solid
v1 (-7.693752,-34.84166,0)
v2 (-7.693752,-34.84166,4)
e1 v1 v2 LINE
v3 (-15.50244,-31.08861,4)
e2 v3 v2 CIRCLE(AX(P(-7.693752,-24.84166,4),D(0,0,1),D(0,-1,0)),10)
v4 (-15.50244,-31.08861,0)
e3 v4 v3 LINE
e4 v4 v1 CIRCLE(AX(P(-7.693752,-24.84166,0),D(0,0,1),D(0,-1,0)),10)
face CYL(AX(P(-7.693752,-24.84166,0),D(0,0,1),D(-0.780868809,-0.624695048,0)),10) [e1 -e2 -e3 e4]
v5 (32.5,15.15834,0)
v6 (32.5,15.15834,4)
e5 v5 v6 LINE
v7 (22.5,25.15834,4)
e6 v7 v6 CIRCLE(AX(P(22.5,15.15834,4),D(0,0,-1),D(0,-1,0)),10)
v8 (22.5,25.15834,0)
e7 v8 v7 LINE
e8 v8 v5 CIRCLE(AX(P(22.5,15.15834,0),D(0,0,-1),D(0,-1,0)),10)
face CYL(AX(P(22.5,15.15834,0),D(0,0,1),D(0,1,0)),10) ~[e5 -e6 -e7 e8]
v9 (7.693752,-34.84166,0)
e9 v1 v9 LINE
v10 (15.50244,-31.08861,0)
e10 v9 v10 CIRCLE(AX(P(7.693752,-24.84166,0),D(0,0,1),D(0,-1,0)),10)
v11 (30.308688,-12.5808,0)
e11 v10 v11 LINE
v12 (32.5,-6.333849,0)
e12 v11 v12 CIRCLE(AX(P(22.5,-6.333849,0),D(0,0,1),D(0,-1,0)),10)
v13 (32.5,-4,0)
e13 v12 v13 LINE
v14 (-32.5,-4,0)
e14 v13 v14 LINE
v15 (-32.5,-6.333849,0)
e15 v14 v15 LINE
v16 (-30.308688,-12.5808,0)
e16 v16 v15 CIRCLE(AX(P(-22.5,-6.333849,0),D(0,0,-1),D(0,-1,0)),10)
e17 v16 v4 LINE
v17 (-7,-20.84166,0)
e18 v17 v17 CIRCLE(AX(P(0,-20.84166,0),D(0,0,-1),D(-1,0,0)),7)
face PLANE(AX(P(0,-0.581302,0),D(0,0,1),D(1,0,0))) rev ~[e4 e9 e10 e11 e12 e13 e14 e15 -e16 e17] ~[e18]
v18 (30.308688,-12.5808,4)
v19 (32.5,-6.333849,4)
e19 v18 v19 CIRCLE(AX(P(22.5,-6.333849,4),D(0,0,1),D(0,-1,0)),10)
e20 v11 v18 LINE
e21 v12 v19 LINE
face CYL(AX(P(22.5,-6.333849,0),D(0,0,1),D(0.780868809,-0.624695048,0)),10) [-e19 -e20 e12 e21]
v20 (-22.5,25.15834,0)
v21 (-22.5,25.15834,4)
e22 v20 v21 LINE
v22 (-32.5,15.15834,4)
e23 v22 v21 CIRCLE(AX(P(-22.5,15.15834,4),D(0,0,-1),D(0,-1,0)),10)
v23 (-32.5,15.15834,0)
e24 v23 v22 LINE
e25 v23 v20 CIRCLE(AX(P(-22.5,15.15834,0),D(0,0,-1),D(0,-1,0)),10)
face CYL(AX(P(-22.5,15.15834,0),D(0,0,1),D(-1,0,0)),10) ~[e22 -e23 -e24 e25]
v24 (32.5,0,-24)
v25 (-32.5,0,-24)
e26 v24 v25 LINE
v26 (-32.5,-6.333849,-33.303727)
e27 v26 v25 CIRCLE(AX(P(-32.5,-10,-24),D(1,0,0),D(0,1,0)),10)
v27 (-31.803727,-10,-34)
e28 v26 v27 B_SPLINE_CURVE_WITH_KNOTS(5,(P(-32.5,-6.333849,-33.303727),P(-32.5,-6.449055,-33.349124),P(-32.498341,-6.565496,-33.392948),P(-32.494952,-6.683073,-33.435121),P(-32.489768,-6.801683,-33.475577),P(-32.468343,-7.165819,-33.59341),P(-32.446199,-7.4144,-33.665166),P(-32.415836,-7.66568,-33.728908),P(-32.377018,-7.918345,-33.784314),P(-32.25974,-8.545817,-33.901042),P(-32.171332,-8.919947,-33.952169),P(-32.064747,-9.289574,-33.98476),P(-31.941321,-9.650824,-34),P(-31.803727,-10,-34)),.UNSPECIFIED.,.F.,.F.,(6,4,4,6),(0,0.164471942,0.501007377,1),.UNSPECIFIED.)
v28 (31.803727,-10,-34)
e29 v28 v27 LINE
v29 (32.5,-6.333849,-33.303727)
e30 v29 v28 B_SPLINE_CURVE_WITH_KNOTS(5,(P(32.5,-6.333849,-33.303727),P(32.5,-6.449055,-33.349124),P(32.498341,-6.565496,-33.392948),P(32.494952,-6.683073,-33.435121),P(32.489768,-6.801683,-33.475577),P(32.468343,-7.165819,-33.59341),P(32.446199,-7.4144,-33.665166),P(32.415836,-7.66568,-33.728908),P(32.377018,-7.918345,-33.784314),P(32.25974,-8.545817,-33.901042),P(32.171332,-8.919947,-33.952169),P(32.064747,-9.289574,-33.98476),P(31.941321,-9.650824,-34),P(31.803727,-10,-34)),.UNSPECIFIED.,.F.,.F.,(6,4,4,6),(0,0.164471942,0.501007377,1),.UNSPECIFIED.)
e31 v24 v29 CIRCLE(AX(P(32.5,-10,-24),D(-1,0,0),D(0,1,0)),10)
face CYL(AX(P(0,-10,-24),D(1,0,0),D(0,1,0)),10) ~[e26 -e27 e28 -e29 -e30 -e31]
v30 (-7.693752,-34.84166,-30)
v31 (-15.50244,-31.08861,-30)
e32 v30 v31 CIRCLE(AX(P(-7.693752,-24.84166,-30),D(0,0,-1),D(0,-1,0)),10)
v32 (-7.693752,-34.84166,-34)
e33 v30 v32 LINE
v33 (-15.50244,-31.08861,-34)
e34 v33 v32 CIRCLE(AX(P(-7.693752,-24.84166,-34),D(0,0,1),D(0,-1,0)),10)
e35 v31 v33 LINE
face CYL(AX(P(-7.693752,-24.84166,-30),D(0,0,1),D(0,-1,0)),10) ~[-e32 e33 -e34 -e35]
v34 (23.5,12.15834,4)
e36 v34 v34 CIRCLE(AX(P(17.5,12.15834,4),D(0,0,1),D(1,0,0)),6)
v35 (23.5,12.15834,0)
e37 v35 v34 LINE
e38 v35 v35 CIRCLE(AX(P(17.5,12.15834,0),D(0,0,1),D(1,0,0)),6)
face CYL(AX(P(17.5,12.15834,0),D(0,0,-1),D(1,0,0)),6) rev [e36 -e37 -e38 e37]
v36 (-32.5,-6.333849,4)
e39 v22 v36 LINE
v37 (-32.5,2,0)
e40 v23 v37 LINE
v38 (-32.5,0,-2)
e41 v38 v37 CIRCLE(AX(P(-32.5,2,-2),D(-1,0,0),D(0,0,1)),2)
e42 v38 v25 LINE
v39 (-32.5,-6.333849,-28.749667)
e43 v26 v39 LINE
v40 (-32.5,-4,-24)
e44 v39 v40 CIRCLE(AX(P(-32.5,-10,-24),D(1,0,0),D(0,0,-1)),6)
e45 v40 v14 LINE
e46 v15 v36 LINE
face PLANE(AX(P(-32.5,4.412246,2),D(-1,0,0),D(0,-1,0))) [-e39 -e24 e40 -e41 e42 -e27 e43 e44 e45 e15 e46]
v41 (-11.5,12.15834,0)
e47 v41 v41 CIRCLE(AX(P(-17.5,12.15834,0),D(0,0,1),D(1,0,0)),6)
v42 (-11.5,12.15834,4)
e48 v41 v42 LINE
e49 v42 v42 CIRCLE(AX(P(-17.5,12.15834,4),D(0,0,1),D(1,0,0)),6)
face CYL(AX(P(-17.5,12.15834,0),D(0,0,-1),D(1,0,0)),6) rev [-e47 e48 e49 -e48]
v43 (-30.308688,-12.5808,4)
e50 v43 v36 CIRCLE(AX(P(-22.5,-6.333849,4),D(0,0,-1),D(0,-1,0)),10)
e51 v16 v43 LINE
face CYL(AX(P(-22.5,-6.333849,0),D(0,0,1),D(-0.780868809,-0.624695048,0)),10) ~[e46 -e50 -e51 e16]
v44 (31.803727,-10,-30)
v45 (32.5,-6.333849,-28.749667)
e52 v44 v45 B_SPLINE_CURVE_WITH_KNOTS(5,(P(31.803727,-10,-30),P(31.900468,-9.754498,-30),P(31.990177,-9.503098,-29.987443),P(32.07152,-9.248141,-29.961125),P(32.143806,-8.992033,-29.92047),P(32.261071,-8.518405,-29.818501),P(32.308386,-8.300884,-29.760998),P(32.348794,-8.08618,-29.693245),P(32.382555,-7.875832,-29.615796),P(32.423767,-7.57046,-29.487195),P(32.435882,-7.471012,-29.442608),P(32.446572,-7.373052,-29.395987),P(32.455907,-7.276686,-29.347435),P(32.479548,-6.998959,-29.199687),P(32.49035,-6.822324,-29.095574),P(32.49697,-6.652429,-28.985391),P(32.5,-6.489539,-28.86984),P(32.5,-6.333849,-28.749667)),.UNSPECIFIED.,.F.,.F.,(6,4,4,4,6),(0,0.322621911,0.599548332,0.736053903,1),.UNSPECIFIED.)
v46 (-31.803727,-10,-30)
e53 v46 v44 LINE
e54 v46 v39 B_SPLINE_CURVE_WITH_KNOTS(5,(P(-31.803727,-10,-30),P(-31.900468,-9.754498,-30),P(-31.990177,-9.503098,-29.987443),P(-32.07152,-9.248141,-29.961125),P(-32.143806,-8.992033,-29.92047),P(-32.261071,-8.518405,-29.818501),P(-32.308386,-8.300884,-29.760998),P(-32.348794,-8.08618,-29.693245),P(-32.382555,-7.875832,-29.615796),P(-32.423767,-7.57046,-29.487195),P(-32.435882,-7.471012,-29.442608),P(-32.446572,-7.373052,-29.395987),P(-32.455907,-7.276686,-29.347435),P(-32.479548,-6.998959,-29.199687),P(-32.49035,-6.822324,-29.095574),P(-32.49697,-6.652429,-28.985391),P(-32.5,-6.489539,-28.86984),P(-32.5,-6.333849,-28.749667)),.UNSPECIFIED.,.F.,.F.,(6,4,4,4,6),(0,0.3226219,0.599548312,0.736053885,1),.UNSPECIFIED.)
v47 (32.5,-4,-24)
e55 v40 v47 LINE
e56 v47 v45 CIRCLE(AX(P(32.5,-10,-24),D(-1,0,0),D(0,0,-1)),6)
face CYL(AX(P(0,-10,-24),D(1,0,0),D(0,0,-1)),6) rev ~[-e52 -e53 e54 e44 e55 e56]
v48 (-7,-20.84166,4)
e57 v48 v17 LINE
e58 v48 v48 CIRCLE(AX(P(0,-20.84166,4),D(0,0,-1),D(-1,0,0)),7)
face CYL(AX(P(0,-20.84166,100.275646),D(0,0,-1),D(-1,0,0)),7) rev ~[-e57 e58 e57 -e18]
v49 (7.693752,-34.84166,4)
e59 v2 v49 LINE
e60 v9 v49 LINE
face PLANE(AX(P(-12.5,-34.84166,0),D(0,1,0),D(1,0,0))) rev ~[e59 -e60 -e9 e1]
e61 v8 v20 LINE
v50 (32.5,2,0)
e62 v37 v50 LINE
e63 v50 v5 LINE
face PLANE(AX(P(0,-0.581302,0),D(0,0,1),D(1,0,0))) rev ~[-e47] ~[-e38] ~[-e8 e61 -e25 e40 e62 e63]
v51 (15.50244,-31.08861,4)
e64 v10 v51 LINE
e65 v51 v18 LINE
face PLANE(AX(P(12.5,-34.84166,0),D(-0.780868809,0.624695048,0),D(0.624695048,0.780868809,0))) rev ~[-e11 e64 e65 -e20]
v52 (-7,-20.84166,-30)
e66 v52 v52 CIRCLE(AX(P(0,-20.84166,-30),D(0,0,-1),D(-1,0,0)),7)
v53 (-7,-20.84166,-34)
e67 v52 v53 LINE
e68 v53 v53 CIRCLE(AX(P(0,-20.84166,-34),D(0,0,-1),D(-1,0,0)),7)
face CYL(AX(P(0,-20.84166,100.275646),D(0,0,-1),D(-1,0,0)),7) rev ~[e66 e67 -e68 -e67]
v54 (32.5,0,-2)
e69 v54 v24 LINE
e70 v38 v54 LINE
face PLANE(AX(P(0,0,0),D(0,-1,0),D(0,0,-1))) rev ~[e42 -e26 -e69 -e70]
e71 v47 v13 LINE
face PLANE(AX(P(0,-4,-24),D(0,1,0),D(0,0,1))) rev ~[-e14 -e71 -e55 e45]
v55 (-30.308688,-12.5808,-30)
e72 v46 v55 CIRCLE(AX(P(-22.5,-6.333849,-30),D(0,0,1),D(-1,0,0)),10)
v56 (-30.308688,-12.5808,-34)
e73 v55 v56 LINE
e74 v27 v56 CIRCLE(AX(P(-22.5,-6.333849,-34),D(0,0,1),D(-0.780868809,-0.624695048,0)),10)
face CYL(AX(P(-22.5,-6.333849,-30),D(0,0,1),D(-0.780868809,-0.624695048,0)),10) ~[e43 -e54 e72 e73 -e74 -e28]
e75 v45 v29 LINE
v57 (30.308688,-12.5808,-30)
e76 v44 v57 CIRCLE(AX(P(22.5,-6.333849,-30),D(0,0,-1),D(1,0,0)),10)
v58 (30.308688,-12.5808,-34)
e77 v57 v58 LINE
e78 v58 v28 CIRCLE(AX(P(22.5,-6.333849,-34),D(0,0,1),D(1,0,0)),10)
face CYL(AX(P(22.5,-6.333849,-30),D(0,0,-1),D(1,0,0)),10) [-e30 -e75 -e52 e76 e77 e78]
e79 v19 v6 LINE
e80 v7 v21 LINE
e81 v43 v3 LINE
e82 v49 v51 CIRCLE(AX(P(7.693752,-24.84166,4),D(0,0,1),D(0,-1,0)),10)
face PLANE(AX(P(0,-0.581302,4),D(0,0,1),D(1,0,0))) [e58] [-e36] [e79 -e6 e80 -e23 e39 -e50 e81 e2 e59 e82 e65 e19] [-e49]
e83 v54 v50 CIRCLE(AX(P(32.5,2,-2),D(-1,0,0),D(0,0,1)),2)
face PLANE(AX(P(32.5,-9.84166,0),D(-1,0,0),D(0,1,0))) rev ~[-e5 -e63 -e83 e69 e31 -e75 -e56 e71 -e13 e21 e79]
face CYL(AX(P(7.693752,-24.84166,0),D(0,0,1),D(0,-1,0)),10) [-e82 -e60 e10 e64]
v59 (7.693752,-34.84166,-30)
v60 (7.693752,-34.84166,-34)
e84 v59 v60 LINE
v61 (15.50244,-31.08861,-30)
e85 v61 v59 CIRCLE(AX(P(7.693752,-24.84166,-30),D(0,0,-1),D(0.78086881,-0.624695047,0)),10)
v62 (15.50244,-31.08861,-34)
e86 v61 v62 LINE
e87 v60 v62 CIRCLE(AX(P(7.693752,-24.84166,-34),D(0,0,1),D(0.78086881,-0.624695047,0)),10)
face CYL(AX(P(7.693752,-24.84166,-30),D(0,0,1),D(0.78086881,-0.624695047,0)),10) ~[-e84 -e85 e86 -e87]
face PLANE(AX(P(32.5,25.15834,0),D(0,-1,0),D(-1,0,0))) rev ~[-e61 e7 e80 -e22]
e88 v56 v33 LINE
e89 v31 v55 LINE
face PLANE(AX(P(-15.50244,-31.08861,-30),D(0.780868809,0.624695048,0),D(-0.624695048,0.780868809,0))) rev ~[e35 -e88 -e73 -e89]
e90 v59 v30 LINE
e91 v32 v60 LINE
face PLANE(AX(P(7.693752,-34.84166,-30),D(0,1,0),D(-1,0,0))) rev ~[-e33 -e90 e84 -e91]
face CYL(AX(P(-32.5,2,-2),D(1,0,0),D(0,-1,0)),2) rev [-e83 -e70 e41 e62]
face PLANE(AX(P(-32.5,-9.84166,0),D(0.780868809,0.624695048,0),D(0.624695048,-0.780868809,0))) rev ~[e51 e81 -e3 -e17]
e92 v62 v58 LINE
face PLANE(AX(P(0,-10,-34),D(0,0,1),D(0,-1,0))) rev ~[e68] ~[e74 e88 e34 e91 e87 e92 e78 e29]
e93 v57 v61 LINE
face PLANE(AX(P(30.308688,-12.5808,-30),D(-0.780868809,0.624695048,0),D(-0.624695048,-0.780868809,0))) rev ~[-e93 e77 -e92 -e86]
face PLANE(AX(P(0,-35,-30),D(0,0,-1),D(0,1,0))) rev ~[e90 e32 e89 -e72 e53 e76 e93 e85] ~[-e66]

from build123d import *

# Parameters (mm, degrees)
ESQUISSE1_R                         = 6
BOSS_EXTRU_1_DEPTH                  = 4
CONG_1_R                            = 10
BOSS_EXTRU_2_REACH                  = 34.5
BOSS_EXTRU_2_DIRECTION_2_REACH      = 34.5
CONG_2_R                            = 2
ENL_V_MAT_EXTRU_1_REACH             = 6
ENL_V_MAT_EXTRU_1_DIRECTION_2_DEPTH = 5
DIAM_TRE_DU_PER_AGE_14_0_14_1_D     = 14


with BuildPart() as part:
    # Esquisse1 → Boss.-Extru.1 (new body)
    with BuildSketch(Plane.XY):
        Polygon((-32.5, -9.841659782), (-12.5, -34.841659782), (12.5, -34.841659782), (32.5, -9.841659782), (32.5, 25.158340218), (-32.5, 25.158340218), align=None)
        with Locations((-17.5, 12.158340218)):
            Circle(ESQUISSE1_R, mode=Mode.SUBTRACT)
        with Locations((17.5, 12.158340218)):
            Circle(ESQUISSE1_R, mode=Mode.SUBTRACT)
    extrude(amount=BOSS_EXTRU_1_DEPTH)

    # Congé1
    cong_1_edges = [part.edges().sort_by_distance(p)[0] for p in [
        (-32.5, 25.158340218, 2),
        (32.5, 25.158340218, 2),
        (32.5, -9.841659782, 2),
        (12.5, -34.841659782, 2),
        (-12.5, -34.841659782, 2),
        (-32.5, -9.841659782, 2),
    ]]
    fillet(cong_1_edges, radius=CONG_1_R)

    # Boss.-Extru.2: up to this face of the body (flat: up to its plane)
    boss_extru_2_end = Plane(part.part.faces().sort_by_distance((32.5, 4.412245514, 2))[0])
    # Esquisse2 → Boss.-Extru.2 (add, up to the picked face)
    with BuildSketch(Plane(origin=(0, 0, 0), x_dir=(0, 0, -1), z_dir=(1, 0, 0)), mode=Mode.PRIVATE) as boss_extru_2_sk1:
        with BuildLine():
            Line((0, 0), (24, 0))
            ThreePointArc((24, 0), (31.071067812, -2.928932188), (34, -10))
            Line((34, -10), (34, -35))
            Line((34, -35), (30, -35))
            Line((30, -35), (30, -10))
            ThreePointArc((30, -10), (28.242640687, -5.757359313), (24, -4))
            Line((24, -4), (0, -4))
            Line((0, -4), (0, 0))
        make_face()
    boss_extru_2_tool1 = split(extrude(boss_extru_2_sk1.sketch, amount=BOSS_EXTRU_2_REACH, mode=Mode.PRIVATE), bisect_by=boss_extru_2_end, keep=Keep.BOTH, mode=Mode.PRIVATE)
    add(boss_extru_2_tool1.solids().sort_by(Axis((0, -0.487955, -12), (1, 0, 0)))[0])

    # Boss.-Extru.2 direction 2: up to this face of the body (flat: up to its plane)
    boss_extru_2_direction_2_end = Plane(part.part.faces().sort_by_distance((-32.5, 4.412245514, 2))[0])
    # Esquisse2 → Boss.-Extru.2 direction 2 (add, up to the picked face)
    with BuildSketch(Plane(origin=(0, 0, 0), x_dir=(0, 0, -1), z_dir=(1, 0, 0)), mode=Mode.PRIVATE) as boss_extru_2_direction_2_sk1:
        with BuildLine():
            Line((0, 0), (24, 0))
            ThreePointArc((24, 0), (31.071067812, -2.928932188), (34, -10))
            Line((34, -10), (34, -35))
            Line((34, -35), (30, -35))
            Line((30, -35), (30, -10))
            ThreePointArc((30, -10), (28.242640687, -5.757359313), (24, -4))
            Line((24, -4), (0, -4))
            Line((0, -4), (0, 0))
        make_face()
    boss_extru_2_direction_2_tool1 = split(extrude(boss_extru_2_direction_2_sk1.sketch, amount=-BOSS_EXTRU_2_DIRECTION_2_REACH, mode=Mode.PRIVATE), bisect_by=boss_extru_2_direction_2_end, keep=Keep.BOTH, mode=Mode.PRIVATE)
    add(boss_extru_2_direction_2_tool1.solids().sort_by(Axis((0, -0.487955, -12), (-1, 0, 0)))[0])

    # Congé2
    cong_2_edges = [part.edges().sort_by_distance(p)[0] for p in [
        (0, 0, 0),
    ]]
    fillet(cong_2_edges, radius=CONG_2_R)

    # Esquisse3 → Enlèv. mat.-Extru.1 (cut, up to next)
    with BuildSketch(Plane.XY.offset(-30), mode=Mode.PRIVATE) as enl_v_mat_extru_1_sk1:
        with BuildLine():
            Line((-32.5, -6.333849189), (-38.653299958, -6.333849189))
            Line((-38.653299958, -6.333849189), (-39.385367291, -42.953606415))
            Line((-39.385367291, -42.953606415), (40.318463565, -42.953606415))
            Line((40.318463565, -42.953606415), (40.318463565, -6.333849189))
            Line((40.318463565, -6.333849189), (32.5, -6.333849189))
            ThreePointArc((32.5, -6.333849189), (31.936283192, -9.643918603), (30.308688094, -12.580799664))
            Line((30.308688094, -12.580799664), (15.50243962, -31.088610258))
            ThreePointArc((15.50243962, -31.088610258), (12.02563883, -33.854692146), (7.693751525, -34.841659782))
            Line((7.693751525, -34.841659782), (-7.693751525, -34.841659782))
            ThreePointArc((-7.693751525, -34.841659782), (-12.02563883, -33.854692146), (-15.50243962, -31.088610258))
            Line((-15.50243962, -31.088610258), (-30.308688094, -12.580799664))
            ThreePointArc((-30.308688094, -12.580799664), (-31.936283192, -9.643918603), (-32.5, -6.333849189))
        make_face()
    enl_v_mat_extru_1_tool1 = extrude(enl_v_mat_extru_1_sk1.sketch, amount=-ENL_V_MAT_EXTRU_1_REACH, mode=Mode.PRIVATE) & part.part
    add(enl_v_mat_extru_1_tool1.solids().sort_by_distance((-35.57665, -7.210987, -30))[0], mode=Mode.SUBTRACT)

    # Esquisse3 → Enlèv. mat.-Extru.1 direction 2 (cut)
    with BuildSketch(Plane.XY.offset(-30)):
        with BuildLine():
            Line((-32.5, -6.333849189), (-38.653299958, -6.333849189))
            Line((-38.653299958, -6.333849189), (-39.385367291, -42.953606415))
            Line((-39.385367291, -42.953606415), (40.318463565, -42.953606415))
            Line((40.318463565, -42.953606415), (40.318463565, -6.333849189))
            Line((40.318463565, -6.333849189), (32.5, -6.333849189))
            ThreePointArc((32.5, -6.333849189), (31.936283192, -9.643918603), (30.308688094, -12.580799664))
            Line((30.308688094, -12.580799664), (15.50243962, -31.088610258))
            ThreePointArc((15.50243962, -31.088610258), (12.02563883, -33.854692146), (7.693751525, -34.841659782))
            Line((7.693751525, -34.841659782), (-7.693751525, -34.841659782))
            ThreePointArc((-7.693751525, -34.841659782), (-12.02563883, -33.854692146), (-15.50243962, -31.088610258))
            Line((-15.50243962, -31.088610258), (-30.308688094, -12.580799664))
            ThreePointArc((-30.308688094, -12.580799664), (-31.936283192, -9.643918603), (-32.5, -6.333849189))
        make_face()
    extrude(amount=ENL_V_MAT_EXTRU_1_DIRECTION_2_DEPTH, mode=Mode.SUBTRACT)

    # Diamètre du perçage Ø14.0 (14)1 (through all)
    with Locations(Plane.XY.offset(4)):
        with Locations((0, -20.841659782)):
            Hole(DIAM_TRE_DU_PER_AGE_14_0_14_1_D / 2)


solid = part.part
